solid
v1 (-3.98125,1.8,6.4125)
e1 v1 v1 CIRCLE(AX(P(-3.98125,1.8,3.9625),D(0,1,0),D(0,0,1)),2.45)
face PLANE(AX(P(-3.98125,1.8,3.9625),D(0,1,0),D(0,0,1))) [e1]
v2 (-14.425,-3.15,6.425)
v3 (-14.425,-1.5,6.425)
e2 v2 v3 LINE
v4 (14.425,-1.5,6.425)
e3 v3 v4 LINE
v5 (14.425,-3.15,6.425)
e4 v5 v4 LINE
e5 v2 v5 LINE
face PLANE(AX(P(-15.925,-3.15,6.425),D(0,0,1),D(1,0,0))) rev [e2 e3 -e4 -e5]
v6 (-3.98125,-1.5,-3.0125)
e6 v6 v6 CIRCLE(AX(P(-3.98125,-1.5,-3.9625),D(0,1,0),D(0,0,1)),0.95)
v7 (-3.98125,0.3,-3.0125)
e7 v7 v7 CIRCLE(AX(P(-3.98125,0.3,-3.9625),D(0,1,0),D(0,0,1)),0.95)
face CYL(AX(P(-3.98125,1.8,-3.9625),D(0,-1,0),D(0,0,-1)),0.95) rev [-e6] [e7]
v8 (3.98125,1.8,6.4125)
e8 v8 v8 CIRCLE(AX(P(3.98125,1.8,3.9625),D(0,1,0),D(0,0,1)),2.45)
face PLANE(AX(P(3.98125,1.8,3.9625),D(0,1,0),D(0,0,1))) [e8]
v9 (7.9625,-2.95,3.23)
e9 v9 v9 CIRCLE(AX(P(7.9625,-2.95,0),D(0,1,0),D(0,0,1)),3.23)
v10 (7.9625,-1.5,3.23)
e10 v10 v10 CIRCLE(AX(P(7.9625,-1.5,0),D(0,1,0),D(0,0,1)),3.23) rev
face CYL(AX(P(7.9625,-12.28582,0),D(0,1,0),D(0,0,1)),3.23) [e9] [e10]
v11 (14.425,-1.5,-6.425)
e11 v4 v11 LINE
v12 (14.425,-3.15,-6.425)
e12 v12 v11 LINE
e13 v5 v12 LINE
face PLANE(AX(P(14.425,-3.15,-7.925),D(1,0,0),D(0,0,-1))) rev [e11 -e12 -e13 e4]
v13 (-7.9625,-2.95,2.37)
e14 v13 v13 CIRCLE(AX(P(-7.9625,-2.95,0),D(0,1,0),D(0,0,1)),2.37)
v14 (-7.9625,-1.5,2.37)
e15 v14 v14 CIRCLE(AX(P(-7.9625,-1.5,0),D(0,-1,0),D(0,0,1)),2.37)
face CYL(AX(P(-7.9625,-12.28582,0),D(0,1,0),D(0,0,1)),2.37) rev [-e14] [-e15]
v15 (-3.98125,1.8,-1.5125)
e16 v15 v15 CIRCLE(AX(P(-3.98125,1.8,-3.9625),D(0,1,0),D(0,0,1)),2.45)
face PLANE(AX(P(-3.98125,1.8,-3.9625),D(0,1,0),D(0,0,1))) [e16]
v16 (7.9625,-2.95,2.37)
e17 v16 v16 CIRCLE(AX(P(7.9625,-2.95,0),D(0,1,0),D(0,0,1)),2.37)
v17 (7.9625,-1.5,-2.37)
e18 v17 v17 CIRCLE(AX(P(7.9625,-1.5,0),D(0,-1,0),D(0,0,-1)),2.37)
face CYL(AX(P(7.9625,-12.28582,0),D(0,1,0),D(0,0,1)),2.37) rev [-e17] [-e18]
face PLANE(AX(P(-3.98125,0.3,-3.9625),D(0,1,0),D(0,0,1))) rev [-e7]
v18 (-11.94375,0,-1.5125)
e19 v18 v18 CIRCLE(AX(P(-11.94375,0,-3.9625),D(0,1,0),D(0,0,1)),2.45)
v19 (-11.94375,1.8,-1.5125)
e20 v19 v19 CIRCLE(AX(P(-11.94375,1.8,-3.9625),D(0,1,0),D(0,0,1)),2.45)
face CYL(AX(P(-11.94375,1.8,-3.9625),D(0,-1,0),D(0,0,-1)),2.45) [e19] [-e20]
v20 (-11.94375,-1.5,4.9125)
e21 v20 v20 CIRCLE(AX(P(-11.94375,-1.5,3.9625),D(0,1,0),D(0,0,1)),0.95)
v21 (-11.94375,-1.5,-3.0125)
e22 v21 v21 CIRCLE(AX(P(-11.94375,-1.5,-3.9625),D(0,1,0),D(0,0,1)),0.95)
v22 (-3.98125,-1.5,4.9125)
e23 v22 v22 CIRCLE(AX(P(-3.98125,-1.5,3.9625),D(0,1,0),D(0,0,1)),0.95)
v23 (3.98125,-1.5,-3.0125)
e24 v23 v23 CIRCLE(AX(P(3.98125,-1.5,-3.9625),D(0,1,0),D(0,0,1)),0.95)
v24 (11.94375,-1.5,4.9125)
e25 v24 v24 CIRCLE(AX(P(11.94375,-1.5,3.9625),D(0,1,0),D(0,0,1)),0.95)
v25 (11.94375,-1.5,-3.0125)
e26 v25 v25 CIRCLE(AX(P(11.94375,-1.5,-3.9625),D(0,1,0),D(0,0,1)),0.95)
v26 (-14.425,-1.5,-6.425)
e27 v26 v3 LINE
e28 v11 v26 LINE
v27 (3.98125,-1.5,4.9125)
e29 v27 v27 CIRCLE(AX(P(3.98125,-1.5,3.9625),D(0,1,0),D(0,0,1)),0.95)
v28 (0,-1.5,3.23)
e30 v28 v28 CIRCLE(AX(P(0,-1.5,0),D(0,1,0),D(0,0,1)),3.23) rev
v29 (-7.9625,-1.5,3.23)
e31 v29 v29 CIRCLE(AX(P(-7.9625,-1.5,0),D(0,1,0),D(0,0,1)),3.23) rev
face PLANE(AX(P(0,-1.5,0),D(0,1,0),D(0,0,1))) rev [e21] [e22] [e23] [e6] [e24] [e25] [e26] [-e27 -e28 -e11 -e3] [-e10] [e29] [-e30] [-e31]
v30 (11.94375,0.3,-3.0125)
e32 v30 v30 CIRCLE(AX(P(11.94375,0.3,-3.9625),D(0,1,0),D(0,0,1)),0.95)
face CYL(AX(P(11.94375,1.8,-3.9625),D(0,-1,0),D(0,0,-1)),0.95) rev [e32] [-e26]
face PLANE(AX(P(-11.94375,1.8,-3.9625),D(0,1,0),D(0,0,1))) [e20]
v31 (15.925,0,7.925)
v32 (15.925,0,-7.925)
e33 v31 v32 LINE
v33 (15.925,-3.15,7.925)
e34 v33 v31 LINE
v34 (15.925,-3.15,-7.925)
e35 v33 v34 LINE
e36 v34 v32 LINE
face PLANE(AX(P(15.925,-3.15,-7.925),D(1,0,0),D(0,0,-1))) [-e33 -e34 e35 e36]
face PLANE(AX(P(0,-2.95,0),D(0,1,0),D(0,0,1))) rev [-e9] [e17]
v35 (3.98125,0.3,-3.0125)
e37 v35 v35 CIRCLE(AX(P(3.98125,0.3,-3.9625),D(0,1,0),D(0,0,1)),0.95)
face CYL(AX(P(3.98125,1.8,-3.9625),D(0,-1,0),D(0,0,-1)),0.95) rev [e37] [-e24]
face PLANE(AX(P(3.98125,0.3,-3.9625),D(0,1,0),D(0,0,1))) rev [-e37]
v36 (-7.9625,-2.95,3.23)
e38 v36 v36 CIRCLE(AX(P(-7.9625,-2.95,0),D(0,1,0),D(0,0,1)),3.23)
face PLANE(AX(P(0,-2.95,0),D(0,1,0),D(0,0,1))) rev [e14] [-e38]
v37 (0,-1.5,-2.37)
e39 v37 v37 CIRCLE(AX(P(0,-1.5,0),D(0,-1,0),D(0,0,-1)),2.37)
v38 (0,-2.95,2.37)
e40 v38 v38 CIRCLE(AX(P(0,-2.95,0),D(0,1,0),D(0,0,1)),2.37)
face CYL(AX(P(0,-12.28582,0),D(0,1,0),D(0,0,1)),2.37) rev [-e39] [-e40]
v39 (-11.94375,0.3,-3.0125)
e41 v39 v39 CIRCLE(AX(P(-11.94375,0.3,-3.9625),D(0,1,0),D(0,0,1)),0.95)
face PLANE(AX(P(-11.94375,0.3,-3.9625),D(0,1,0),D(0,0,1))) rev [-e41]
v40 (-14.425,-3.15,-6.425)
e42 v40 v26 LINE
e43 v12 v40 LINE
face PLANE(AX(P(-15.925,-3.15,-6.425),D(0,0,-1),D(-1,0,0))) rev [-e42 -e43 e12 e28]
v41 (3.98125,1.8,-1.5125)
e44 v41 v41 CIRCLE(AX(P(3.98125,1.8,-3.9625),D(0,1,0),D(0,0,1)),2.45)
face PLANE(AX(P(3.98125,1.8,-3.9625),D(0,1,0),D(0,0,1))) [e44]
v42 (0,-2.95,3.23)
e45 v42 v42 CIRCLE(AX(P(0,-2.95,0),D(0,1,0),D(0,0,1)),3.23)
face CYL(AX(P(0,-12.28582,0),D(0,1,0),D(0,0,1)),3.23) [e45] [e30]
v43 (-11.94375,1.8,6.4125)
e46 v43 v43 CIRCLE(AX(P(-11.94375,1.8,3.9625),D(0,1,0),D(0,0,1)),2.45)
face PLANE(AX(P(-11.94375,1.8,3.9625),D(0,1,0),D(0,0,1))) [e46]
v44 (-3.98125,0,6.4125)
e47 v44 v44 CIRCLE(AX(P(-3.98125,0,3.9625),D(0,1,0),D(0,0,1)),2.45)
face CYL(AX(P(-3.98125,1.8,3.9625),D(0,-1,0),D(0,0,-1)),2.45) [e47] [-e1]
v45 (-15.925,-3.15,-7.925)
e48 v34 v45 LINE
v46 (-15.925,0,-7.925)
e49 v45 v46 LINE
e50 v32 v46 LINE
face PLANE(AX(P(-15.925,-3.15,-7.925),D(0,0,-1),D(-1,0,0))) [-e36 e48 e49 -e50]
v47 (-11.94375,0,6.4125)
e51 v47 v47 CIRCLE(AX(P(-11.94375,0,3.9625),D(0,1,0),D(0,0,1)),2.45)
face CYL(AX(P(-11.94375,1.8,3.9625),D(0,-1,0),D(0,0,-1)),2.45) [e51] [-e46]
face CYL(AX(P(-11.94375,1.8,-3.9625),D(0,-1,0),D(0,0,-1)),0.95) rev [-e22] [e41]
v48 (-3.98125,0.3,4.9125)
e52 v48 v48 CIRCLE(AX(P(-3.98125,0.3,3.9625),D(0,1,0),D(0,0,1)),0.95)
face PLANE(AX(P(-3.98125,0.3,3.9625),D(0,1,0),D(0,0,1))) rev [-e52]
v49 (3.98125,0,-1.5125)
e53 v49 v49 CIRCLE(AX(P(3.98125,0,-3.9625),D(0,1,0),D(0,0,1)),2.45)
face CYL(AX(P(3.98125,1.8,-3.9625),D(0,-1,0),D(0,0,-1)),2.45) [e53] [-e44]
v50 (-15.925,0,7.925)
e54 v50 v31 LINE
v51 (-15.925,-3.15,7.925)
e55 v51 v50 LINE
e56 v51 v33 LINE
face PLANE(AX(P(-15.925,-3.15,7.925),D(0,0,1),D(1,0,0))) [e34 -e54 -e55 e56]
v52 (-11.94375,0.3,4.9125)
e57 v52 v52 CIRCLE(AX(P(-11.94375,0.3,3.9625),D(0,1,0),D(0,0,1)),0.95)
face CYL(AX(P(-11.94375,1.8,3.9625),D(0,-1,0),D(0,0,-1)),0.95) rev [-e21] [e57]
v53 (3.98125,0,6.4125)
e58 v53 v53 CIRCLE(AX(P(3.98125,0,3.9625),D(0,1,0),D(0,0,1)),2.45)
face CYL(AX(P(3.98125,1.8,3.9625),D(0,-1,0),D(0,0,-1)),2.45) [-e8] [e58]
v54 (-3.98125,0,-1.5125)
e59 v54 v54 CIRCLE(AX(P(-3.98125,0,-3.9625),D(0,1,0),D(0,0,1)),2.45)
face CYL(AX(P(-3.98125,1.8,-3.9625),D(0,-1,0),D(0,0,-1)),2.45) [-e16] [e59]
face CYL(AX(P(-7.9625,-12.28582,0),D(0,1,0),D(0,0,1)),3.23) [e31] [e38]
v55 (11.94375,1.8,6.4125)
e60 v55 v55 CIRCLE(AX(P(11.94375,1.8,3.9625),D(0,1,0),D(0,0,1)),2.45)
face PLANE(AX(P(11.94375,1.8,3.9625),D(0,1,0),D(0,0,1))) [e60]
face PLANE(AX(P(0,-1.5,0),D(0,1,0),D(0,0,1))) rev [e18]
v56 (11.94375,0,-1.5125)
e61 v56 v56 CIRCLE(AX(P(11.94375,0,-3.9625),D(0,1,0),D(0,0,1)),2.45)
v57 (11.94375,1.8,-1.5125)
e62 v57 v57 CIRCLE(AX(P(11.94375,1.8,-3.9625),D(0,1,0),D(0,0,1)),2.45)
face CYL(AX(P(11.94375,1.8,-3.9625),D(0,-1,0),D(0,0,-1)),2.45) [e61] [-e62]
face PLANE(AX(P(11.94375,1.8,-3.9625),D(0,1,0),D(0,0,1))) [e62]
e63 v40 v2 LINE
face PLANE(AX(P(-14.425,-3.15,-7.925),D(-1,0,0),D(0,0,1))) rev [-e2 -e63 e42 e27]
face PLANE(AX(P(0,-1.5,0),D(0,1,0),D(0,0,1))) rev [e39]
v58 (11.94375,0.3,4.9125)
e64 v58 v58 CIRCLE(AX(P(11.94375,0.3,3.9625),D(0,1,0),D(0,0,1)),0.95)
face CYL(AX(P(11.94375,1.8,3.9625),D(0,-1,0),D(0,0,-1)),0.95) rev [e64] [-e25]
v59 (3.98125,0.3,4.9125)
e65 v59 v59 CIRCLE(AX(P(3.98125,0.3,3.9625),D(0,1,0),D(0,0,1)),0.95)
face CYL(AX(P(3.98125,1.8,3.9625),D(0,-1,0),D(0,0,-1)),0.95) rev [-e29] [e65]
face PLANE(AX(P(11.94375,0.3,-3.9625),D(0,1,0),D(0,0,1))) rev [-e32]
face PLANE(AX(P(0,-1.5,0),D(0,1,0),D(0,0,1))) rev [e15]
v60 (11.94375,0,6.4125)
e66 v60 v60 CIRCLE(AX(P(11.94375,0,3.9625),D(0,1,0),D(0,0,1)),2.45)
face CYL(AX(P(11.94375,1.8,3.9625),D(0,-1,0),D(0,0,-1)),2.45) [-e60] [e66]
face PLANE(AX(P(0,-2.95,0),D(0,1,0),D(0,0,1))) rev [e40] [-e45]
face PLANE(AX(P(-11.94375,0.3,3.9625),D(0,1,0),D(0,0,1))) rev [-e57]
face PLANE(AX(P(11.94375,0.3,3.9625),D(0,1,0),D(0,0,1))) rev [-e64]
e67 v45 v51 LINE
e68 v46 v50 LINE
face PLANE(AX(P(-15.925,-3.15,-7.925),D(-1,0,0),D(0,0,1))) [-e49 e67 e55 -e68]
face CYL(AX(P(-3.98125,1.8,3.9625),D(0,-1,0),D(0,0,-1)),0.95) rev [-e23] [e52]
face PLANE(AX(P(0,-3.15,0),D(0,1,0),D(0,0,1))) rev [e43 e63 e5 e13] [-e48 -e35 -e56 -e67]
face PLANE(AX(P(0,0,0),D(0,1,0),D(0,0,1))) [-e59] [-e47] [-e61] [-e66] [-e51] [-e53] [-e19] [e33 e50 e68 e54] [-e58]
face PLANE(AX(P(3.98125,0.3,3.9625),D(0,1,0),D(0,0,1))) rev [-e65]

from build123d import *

# Parameters (mm, degrees)
SKETCH1_W           = 31.85
SKETCH1_H           = 15.85
BOSS_EXTRUDE1_DEPTH = 3.15
SKETCH2_R           = 2.45
BOSS_EXTRUDE2_DEPTH = 1.8
SHELL1_T            = -1.5
SKETCH3_R           = 3.23
SKETCH3_R_2         = 2.37
BOSS_EXTRUDE3_DEPTH = 1.45


with BuildPart() as part:
    # Sketch1 → Boss-Extrude1 (new body)
    with BuildSketch(Plane(origin=(0, 0, 0), x_dir=(1, 0, 0), z_dir=(0, 1, 0))):
        Rectangle(SKETCH1_W, SKETCH1_H)
    extrude(amount=-BOSS_EXTRUDE1_DEPTH)

    # Sketch2 → Boss-Extrude2 (add)
    with BuildSketch(Plane(origin=(0, 0, 0), x_dir=(1, 0, 0), z_dir=(0, 1, 0))):
        with Locations(Location((-11.94375, 3.9625, 0), (0, 0, 270))):
            Circle(SKETCH2_R)
        with Locations(Location((-3.98125, 3.9625, 0), (0, 0, 270))):
            Circle(SKETCH2_R)
        with Locations(Location((3.98125, 3.9625, 0), (0, 0, 270))):
            Circle(SKETCH2_R)
        with Locations(Location((11.94375, 3.9625, 0), (0, 0, 270))):
            Circle(SKETCH2_R)
        with Locations(Location((-3.98125, -3.9625, 0), (0, 0, 270))):
            Circle(SKETCH2_R)
        with Locations(Location((3.98125, -3.9625, 0), (0, 0, 270))):
            Circle(SKETCH2_R)
        with Locations(Location((11.94375, -3.9625, 0), (0, 0, 270))):
            Circle(SKETCH2_R)
        with Locations(Location((-11.94375, -3.9625, 0), (0, 0, 270))):
            Circle(SKETCH2_R)
    extrude(amount=BOSS_EXTRUDE2_DEPTH)

    # Shell1
    shell1_openings = [part.faces().sort_by_distance(p)[0] for p in [
        (0, -3.15, 0),
    ]]
    offset(amount=SHELL1_T, openings=shell1_openings, kind=Kind.INTERSECTION)

    # Sketch3 → Boss-Extrude3 (add)
    # profile 1 of 3: a face of its own
    with BuildSketch(Plane.XZ.offset(1.5)):
        with Locations(Location((0, 0, 0), (0, 0, 90))):
            Circle(SKETCH3_R)
        with Locations(Location((0, 0, 0), (0, 0, 90))):
            Circle(SKETCH3_R_2, mode=Mode.SUBTRACT)
    # profile 2 of 3: a face of its own
    with BuildSketch(Plane.XZ.offset(1.5)):
        with Locations(Location((7.9625, 0, 0), (0, 0, 90))):
            Circle(SKETCH3_R)
        with Locations(Location((7.9625, 0, 0), (0, 0, 90))):
            Circle(SKETCH3_R_2, mode=Mode.SUBTRACT)
    # profile 3 of 3: a face of its own
    with BuildSketch(Plane.XZ.offset(1.5)):
        with Locations(Location((-7.9625, 0, 0), (0, 0, 90))):
            Circle(SKETCH3_R)
        with Locations(Location((-7.9625, 0, 0), (0, 0, 90))):
            Circle(SKETCH3_R_2, mode=Mode.SUBTRACT)
    extrude(amount=BOSS_EXTRUDE3_DEPTH)


solid = part.part
